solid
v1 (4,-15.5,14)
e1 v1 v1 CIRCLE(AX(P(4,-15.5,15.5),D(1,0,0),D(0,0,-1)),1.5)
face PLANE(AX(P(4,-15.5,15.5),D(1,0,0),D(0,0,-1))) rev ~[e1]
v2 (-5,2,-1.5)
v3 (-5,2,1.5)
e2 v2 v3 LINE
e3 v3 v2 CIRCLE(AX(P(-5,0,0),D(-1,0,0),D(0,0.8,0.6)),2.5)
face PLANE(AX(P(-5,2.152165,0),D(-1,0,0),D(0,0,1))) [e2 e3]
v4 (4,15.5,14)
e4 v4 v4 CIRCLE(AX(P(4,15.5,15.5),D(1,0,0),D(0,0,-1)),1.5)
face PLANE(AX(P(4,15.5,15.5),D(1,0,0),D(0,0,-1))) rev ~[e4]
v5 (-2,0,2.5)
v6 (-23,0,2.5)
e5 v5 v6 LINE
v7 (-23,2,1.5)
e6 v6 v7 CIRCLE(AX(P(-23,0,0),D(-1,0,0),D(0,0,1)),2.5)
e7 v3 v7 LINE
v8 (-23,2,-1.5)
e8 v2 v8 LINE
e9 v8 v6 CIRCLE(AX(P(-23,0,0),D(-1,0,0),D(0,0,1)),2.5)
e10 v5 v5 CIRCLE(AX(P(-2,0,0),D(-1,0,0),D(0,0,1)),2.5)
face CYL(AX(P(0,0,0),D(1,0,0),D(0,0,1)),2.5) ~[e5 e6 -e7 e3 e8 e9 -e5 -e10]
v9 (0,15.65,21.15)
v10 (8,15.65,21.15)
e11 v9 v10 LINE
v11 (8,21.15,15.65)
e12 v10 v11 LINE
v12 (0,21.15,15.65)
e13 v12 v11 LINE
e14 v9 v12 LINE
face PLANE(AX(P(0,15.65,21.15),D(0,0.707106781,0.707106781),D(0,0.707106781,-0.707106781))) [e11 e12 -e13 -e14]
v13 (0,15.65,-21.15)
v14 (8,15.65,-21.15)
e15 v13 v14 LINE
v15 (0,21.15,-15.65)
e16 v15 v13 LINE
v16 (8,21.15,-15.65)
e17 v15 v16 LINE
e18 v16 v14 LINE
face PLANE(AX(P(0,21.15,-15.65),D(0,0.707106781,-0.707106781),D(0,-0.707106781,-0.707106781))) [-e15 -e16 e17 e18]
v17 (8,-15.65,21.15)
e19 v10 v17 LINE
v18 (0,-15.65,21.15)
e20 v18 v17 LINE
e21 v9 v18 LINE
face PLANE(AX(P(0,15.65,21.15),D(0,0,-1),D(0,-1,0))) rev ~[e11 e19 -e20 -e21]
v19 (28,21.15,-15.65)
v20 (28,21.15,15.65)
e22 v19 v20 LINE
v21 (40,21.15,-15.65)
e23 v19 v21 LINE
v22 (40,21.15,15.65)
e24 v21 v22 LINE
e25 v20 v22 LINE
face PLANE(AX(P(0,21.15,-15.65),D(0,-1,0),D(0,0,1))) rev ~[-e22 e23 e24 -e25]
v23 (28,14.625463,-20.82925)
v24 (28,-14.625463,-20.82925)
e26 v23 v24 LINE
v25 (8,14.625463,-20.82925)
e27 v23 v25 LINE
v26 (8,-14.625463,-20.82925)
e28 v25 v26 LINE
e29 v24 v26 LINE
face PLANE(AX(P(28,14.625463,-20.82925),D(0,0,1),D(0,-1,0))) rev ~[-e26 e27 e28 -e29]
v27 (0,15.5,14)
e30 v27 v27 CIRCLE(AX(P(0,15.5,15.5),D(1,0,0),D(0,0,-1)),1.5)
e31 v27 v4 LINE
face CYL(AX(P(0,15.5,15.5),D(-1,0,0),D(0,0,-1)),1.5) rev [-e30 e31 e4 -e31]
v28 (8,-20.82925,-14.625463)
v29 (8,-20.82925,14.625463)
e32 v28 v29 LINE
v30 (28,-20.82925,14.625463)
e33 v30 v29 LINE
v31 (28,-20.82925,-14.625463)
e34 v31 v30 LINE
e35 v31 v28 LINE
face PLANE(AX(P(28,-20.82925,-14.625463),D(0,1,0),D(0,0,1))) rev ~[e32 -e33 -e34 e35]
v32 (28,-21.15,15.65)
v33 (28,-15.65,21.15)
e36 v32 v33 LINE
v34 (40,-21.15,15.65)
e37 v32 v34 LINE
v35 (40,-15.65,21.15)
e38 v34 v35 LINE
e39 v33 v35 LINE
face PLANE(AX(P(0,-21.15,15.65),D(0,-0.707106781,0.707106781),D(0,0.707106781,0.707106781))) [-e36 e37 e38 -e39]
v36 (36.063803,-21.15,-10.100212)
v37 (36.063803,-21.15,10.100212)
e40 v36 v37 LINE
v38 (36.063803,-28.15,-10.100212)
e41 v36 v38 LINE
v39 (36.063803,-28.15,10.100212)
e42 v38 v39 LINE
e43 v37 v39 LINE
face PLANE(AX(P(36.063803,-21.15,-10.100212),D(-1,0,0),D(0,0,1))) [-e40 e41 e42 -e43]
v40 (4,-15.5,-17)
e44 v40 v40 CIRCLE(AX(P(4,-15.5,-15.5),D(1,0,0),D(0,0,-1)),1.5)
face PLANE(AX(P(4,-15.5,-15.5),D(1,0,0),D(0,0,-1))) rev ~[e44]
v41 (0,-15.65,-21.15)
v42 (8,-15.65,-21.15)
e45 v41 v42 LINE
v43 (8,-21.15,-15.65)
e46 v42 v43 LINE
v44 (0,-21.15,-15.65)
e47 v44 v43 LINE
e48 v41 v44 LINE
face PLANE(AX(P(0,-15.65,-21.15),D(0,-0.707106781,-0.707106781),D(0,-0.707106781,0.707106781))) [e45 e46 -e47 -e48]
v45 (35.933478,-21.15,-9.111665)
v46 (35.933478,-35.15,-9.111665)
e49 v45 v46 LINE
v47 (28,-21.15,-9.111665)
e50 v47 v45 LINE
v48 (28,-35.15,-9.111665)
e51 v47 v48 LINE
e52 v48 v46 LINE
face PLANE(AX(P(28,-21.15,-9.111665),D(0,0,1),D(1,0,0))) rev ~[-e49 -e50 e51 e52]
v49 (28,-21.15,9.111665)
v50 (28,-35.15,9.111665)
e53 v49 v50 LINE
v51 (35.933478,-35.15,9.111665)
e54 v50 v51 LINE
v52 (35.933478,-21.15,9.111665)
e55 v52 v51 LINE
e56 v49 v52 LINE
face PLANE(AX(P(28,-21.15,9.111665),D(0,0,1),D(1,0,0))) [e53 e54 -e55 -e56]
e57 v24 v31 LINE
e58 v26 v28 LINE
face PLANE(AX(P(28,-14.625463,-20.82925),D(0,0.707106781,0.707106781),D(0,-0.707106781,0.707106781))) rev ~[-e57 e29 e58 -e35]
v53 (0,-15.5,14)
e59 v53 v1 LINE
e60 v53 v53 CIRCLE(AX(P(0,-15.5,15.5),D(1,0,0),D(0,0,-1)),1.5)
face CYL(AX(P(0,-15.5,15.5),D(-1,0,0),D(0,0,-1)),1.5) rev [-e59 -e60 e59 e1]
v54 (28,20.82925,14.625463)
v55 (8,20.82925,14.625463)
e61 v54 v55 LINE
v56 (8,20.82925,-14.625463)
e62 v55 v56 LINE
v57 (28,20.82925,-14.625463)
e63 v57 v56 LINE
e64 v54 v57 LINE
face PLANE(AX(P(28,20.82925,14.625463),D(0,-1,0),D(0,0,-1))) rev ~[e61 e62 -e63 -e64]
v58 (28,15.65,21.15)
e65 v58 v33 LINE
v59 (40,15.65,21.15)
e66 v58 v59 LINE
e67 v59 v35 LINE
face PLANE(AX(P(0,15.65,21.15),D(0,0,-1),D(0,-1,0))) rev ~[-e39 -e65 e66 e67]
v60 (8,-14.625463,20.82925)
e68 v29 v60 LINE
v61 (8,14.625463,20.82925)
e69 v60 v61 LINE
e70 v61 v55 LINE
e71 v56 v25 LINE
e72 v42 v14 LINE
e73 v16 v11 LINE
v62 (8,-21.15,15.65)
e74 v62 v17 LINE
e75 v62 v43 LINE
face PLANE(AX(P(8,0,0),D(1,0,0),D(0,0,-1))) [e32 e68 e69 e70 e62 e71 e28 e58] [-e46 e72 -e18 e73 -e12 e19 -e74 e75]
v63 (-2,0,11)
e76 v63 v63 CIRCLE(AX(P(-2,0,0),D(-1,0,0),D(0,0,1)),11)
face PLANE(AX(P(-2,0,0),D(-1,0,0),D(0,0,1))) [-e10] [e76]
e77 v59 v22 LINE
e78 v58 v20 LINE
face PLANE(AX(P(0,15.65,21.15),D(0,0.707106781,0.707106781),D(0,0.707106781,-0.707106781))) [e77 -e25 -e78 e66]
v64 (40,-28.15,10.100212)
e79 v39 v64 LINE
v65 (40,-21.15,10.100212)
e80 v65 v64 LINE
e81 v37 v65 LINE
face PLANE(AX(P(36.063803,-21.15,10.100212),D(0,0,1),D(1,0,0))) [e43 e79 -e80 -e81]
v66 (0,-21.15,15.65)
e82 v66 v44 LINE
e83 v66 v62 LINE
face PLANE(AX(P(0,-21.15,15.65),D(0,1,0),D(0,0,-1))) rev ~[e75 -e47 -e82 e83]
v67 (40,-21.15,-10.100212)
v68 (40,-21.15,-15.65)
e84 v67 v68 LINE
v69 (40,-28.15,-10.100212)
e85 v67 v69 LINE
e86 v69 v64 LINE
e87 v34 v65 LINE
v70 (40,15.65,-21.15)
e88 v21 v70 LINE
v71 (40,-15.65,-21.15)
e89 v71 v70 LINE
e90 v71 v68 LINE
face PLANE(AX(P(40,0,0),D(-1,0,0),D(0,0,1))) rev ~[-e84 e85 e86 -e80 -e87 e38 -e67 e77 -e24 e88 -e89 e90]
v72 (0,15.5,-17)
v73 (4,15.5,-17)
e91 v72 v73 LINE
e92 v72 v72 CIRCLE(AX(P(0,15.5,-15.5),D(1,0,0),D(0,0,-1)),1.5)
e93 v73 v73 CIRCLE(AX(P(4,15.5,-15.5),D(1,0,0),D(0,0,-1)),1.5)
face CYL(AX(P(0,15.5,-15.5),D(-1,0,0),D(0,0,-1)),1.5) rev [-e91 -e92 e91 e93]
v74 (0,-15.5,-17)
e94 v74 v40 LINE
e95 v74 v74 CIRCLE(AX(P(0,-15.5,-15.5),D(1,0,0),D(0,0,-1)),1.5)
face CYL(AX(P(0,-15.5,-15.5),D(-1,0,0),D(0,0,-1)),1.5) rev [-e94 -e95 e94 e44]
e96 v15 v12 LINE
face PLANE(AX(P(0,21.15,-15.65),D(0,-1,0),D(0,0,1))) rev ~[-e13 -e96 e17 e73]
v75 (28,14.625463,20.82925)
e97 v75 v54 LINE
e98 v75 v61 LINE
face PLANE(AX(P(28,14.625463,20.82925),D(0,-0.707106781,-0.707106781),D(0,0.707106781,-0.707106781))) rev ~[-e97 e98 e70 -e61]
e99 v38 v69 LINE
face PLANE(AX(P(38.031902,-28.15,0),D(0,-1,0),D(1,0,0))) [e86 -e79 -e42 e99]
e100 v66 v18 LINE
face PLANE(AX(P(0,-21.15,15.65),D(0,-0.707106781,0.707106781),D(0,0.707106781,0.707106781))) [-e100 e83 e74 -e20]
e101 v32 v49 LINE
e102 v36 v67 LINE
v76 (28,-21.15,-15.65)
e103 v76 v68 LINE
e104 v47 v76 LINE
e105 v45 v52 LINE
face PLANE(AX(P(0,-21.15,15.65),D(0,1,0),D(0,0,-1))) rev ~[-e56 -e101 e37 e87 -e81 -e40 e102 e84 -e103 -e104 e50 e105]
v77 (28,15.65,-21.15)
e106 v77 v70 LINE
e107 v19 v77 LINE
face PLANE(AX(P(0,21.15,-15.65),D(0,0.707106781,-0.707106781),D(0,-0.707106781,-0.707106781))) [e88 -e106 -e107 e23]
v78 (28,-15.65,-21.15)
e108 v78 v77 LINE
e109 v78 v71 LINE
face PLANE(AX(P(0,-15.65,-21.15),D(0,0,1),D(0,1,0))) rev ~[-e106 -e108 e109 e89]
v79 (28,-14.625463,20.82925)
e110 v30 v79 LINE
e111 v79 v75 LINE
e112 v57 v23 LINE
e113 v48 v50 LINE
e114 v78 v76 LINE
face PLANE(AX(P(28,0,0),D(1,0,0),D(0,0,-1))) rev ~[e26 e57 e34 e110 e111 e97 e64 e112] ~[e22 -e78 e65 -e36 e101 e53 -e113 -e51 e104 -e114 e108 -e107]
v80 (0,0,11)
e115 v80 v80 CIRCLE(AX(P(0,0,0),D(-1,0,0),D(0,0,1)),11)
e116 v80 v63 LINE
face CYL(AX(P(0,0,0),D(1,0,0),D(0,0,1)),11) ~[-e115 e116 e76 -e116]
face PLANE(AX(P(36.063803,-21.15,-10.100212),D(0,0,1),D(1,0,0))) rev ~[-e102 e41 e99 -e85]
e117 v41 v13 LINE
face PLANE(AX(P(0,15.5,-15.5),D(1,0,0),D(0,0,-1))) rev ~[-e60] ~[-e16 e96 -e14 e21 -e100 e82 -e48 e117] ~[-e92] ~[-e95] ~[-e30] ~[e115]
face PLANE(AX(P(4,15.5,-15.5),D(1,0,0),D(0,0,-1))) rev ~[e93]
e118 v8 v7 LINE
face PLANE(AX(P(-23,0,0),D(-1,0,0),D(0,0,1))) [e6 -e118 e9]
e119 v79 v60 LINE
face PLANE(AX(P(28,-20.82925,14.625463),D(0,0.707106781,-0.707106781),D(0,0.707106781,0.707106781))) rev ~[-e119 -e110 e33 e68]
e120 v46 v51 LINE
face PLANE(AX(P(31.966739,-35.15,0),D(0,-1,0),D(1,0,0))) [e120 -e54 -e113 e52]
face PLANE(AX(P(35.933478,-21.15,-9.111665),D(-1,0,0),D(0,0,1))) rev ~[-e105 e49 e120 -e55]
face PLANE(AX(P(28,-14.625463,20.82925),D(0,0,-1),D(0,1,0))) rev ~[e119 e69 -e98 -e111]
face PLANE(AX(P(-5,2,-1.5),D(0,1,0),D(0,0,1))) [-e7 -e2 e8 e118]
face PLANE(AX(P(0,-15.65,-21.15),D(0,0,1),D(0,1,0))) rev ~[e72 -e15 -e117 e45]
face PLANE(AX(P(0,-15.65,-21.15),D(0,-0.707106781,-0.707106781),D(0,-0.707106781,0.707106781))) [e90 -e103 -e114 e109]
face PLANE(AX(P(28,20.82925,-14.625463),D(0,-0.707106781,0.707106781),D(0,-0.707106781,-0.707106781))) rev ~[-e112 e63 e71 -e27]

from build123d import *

# Parameters (mm, degrees)
SKETCH1_R           = 1.5
BOSS_EXTRUDE1_DEPTH = 40
SKETCH1_3_R         = 1.5
CUT_EXTRUDE1_DEPTH  = 4
SKETCH3_R           = 11
SKETCH3_R_2         = 2.5
BOSS_EXTRUDE2_DEPTH = 2
SKETCH3_3_R         = 2.5
BOSS_EXTRUDE3_DEPTH = 23
CUT_EXTRUDE2_START  = -18
CUT_EXTRUDE2_DEPTH  = 18
CUT_EXTRUDE4_START  = -12
SKETCH5_W           = 55.059471924
SKETCH5_H           = 55.059471924
CUT_EXTRUDE4_DEPTH  = 20
SKETCH6_W           = 7.933477793
SKETCH6_H           = 18.223329292
BOSS_EXTRUDE4_DEPTH = 14
SKETCH7_W           = 3.936196897
SKETCH7_H           = 20.200423078
BOSS_EXTRUDE5_DEPTH = 7


with BuildPart() as part:
    # Sketch1 → Boss-Extrude1 (new body)
    # profile 1 of 5: a face of its own
    with BuildSketch(Plane(origin=(0, 0, 0), x_dir=(0, 0, -1), z_dir=(1, 0, 0))):
        Polygon((-15.65, 21.15), (0, 21.15), (15.65, 21.15), (21.15, 15.65), (21.15, 0), (21.15, -15.65), (15.65, -21.15), (0, -21.15), (-15.65, -21.15), (-21.15, -15.65), (-21.15, 0), (-21.15, 15.65), align=None)
        with Locations((-15.5, 15.5)):
            Circle(SKETCH1_R, mode=Mode.SUBTRACT)
        with Locations((-15.5, -15.5)):
            Circle(SKETCH1_R, mode=Mode.SUBTRACT)
        with Locations((15.5, -15.5)):
            Circle(SKETCH1_R, mode=Mode.SUBTRACT)
        with Locations((15.5, 15.5)):
            Circle(SKETCH1_R, mode=Mode.SUBTRACT)
    # profile 2 of 5: a face of its own
    with BuildSketch(Plane(origin=(0, 0, 0), x_dir=(0, 0, -1), z_dir=(1, 0, 0))):
        with Locations((15.5, -15.5)):
            Circle(SKETCH1_R)
    # profile 3 of 5: a face of its own
    with BuildSketch(Plane(origin=(0, 0, 0), x_dir=(0, 0, -1), z_dir=(1, 0, 0))):
        with Locations((-15.5, -15.5)):
            Circle(SKETCH1_R)
    # profile 4 of 5: a face of its own
    with BuildSketch(Plane(origin=(0, 0, 0), x_dir=(0, 0, -1), z_dir=(1, 0, 0))):
        with Locations((-15.5, 15.5)):
            Circle(SKETCH1_R)
    # profile 5 of 5: a face of its own
    with BuildSketch(Plane(origin=(0, 0, 0), x_dir=(0, 0, -1), z_dir=(1, 0, 0))):
        with Locations((15.5, 15.5)):
            Circle(SKETCH1_R)
    extrude(amount=BOSS_EXTRUDE1_DEPTH)

    # Sketch1<3> → Cut-Extrude1 (cut)
    with BuildSketch(Plane(origin=(0, 0, 0), x_dir=(0, 0, -1), z_dir=(1, 0, 0))):
        with Locations((-15.5, 15.5)):
            Circle(SKETCH1_3_R)
        with Locations((15.5, -15.5)):
            Circle(SKETCH1_3_R)
        with Locations((-15.5, -15.5)):
            Circle(SKETCH1_3_R)
        with Locations((15.5, 15.5)):
            Circle(SKETCH1_3_R)
    extrude(amount=CUT_EXTRUDE1_DEPTH, mode=Mode.SUBTRACT)

    # Sketch3 → Boss-Extrude2 (add)
    with BuildSketch(Plane.ZY):
        Circle(SKETCH3_R)
        Circle(SKETCH3_R_2, mode=Mode.SUBTRACT)
    extrude(amount=BOSS_EXTRUDE2_DEPTH)

    # Sketch3<3> → Boss-Extrude3 (add)
    with BuildSketch(Plane.ZY):
        Circle(SKETCH3_3_R)
    extrude(amount=BOSS_EXTRUDE3_DEPTH)

    # Sketch4 → Cut-Extrude2 (cut)
    with BuildSketch(Plane.ZY.offset(23).offset(CUT_EXTRUDE2_START)):
        with BuildLine():
            Line((-1.5, 2), (1.5, 2))
            ThreePointArc((1.5, 2), (0, 2.5), (-1.5, 2))
        make_face()
    extrude(amount=CUT_EXTRUDE2_DEPTH, mode=Mode.SUBTRACT)

    # Sketch5 → Cut-Extrude4 (cut)
    with BuildSketch(Plane(origin=(40, 0, 0), x_dir=(0, 0, -1), z_dir=(1, 0, 0)).offset(CUT_EXTRUDE4_START)):
        Rectangle(SKETCH5_W, SKETCH5_H)
        Polygon((-20.829250382, 14.625463373), (-14.625463373, 20.829250382), (14.625463373, 20.829250382), (20.829250382, 14.625463373), (20.829250382, -14.625463373), (14.625463373, -20.829250382), (-14.625463373, -20.829250382), (-20.829250382, -14.625463373), align=None, mode=Mode.SUBTRACT)
    extrude(amount=-CUT_EXTRUDE4_DEPTH, mode=Mode.SUBTRACT)

    # Sketch6 → Boss-Extrude4 (add)
    with BuildSketch(Plane.XZ.offset(21.15)):
        with Locations((31.966738897, 0)):
            Rectangle(SKETCH6_W, SKETCH6_H)
    extrude(amount=BOSS_EXTRUDE4_DEPTH)

    # Sketch7 → Boss-Extrude5 (add)
    with BuildSketch(Plane.XZ.offset(21.15)):
        with Locations((38.031901551, 0)):
            Rectangle(SKETCH7_W, SKETCH7_H)
    extrude(amount=BOSS_EXTRUDE5_DEPTH)


solid = part.part
